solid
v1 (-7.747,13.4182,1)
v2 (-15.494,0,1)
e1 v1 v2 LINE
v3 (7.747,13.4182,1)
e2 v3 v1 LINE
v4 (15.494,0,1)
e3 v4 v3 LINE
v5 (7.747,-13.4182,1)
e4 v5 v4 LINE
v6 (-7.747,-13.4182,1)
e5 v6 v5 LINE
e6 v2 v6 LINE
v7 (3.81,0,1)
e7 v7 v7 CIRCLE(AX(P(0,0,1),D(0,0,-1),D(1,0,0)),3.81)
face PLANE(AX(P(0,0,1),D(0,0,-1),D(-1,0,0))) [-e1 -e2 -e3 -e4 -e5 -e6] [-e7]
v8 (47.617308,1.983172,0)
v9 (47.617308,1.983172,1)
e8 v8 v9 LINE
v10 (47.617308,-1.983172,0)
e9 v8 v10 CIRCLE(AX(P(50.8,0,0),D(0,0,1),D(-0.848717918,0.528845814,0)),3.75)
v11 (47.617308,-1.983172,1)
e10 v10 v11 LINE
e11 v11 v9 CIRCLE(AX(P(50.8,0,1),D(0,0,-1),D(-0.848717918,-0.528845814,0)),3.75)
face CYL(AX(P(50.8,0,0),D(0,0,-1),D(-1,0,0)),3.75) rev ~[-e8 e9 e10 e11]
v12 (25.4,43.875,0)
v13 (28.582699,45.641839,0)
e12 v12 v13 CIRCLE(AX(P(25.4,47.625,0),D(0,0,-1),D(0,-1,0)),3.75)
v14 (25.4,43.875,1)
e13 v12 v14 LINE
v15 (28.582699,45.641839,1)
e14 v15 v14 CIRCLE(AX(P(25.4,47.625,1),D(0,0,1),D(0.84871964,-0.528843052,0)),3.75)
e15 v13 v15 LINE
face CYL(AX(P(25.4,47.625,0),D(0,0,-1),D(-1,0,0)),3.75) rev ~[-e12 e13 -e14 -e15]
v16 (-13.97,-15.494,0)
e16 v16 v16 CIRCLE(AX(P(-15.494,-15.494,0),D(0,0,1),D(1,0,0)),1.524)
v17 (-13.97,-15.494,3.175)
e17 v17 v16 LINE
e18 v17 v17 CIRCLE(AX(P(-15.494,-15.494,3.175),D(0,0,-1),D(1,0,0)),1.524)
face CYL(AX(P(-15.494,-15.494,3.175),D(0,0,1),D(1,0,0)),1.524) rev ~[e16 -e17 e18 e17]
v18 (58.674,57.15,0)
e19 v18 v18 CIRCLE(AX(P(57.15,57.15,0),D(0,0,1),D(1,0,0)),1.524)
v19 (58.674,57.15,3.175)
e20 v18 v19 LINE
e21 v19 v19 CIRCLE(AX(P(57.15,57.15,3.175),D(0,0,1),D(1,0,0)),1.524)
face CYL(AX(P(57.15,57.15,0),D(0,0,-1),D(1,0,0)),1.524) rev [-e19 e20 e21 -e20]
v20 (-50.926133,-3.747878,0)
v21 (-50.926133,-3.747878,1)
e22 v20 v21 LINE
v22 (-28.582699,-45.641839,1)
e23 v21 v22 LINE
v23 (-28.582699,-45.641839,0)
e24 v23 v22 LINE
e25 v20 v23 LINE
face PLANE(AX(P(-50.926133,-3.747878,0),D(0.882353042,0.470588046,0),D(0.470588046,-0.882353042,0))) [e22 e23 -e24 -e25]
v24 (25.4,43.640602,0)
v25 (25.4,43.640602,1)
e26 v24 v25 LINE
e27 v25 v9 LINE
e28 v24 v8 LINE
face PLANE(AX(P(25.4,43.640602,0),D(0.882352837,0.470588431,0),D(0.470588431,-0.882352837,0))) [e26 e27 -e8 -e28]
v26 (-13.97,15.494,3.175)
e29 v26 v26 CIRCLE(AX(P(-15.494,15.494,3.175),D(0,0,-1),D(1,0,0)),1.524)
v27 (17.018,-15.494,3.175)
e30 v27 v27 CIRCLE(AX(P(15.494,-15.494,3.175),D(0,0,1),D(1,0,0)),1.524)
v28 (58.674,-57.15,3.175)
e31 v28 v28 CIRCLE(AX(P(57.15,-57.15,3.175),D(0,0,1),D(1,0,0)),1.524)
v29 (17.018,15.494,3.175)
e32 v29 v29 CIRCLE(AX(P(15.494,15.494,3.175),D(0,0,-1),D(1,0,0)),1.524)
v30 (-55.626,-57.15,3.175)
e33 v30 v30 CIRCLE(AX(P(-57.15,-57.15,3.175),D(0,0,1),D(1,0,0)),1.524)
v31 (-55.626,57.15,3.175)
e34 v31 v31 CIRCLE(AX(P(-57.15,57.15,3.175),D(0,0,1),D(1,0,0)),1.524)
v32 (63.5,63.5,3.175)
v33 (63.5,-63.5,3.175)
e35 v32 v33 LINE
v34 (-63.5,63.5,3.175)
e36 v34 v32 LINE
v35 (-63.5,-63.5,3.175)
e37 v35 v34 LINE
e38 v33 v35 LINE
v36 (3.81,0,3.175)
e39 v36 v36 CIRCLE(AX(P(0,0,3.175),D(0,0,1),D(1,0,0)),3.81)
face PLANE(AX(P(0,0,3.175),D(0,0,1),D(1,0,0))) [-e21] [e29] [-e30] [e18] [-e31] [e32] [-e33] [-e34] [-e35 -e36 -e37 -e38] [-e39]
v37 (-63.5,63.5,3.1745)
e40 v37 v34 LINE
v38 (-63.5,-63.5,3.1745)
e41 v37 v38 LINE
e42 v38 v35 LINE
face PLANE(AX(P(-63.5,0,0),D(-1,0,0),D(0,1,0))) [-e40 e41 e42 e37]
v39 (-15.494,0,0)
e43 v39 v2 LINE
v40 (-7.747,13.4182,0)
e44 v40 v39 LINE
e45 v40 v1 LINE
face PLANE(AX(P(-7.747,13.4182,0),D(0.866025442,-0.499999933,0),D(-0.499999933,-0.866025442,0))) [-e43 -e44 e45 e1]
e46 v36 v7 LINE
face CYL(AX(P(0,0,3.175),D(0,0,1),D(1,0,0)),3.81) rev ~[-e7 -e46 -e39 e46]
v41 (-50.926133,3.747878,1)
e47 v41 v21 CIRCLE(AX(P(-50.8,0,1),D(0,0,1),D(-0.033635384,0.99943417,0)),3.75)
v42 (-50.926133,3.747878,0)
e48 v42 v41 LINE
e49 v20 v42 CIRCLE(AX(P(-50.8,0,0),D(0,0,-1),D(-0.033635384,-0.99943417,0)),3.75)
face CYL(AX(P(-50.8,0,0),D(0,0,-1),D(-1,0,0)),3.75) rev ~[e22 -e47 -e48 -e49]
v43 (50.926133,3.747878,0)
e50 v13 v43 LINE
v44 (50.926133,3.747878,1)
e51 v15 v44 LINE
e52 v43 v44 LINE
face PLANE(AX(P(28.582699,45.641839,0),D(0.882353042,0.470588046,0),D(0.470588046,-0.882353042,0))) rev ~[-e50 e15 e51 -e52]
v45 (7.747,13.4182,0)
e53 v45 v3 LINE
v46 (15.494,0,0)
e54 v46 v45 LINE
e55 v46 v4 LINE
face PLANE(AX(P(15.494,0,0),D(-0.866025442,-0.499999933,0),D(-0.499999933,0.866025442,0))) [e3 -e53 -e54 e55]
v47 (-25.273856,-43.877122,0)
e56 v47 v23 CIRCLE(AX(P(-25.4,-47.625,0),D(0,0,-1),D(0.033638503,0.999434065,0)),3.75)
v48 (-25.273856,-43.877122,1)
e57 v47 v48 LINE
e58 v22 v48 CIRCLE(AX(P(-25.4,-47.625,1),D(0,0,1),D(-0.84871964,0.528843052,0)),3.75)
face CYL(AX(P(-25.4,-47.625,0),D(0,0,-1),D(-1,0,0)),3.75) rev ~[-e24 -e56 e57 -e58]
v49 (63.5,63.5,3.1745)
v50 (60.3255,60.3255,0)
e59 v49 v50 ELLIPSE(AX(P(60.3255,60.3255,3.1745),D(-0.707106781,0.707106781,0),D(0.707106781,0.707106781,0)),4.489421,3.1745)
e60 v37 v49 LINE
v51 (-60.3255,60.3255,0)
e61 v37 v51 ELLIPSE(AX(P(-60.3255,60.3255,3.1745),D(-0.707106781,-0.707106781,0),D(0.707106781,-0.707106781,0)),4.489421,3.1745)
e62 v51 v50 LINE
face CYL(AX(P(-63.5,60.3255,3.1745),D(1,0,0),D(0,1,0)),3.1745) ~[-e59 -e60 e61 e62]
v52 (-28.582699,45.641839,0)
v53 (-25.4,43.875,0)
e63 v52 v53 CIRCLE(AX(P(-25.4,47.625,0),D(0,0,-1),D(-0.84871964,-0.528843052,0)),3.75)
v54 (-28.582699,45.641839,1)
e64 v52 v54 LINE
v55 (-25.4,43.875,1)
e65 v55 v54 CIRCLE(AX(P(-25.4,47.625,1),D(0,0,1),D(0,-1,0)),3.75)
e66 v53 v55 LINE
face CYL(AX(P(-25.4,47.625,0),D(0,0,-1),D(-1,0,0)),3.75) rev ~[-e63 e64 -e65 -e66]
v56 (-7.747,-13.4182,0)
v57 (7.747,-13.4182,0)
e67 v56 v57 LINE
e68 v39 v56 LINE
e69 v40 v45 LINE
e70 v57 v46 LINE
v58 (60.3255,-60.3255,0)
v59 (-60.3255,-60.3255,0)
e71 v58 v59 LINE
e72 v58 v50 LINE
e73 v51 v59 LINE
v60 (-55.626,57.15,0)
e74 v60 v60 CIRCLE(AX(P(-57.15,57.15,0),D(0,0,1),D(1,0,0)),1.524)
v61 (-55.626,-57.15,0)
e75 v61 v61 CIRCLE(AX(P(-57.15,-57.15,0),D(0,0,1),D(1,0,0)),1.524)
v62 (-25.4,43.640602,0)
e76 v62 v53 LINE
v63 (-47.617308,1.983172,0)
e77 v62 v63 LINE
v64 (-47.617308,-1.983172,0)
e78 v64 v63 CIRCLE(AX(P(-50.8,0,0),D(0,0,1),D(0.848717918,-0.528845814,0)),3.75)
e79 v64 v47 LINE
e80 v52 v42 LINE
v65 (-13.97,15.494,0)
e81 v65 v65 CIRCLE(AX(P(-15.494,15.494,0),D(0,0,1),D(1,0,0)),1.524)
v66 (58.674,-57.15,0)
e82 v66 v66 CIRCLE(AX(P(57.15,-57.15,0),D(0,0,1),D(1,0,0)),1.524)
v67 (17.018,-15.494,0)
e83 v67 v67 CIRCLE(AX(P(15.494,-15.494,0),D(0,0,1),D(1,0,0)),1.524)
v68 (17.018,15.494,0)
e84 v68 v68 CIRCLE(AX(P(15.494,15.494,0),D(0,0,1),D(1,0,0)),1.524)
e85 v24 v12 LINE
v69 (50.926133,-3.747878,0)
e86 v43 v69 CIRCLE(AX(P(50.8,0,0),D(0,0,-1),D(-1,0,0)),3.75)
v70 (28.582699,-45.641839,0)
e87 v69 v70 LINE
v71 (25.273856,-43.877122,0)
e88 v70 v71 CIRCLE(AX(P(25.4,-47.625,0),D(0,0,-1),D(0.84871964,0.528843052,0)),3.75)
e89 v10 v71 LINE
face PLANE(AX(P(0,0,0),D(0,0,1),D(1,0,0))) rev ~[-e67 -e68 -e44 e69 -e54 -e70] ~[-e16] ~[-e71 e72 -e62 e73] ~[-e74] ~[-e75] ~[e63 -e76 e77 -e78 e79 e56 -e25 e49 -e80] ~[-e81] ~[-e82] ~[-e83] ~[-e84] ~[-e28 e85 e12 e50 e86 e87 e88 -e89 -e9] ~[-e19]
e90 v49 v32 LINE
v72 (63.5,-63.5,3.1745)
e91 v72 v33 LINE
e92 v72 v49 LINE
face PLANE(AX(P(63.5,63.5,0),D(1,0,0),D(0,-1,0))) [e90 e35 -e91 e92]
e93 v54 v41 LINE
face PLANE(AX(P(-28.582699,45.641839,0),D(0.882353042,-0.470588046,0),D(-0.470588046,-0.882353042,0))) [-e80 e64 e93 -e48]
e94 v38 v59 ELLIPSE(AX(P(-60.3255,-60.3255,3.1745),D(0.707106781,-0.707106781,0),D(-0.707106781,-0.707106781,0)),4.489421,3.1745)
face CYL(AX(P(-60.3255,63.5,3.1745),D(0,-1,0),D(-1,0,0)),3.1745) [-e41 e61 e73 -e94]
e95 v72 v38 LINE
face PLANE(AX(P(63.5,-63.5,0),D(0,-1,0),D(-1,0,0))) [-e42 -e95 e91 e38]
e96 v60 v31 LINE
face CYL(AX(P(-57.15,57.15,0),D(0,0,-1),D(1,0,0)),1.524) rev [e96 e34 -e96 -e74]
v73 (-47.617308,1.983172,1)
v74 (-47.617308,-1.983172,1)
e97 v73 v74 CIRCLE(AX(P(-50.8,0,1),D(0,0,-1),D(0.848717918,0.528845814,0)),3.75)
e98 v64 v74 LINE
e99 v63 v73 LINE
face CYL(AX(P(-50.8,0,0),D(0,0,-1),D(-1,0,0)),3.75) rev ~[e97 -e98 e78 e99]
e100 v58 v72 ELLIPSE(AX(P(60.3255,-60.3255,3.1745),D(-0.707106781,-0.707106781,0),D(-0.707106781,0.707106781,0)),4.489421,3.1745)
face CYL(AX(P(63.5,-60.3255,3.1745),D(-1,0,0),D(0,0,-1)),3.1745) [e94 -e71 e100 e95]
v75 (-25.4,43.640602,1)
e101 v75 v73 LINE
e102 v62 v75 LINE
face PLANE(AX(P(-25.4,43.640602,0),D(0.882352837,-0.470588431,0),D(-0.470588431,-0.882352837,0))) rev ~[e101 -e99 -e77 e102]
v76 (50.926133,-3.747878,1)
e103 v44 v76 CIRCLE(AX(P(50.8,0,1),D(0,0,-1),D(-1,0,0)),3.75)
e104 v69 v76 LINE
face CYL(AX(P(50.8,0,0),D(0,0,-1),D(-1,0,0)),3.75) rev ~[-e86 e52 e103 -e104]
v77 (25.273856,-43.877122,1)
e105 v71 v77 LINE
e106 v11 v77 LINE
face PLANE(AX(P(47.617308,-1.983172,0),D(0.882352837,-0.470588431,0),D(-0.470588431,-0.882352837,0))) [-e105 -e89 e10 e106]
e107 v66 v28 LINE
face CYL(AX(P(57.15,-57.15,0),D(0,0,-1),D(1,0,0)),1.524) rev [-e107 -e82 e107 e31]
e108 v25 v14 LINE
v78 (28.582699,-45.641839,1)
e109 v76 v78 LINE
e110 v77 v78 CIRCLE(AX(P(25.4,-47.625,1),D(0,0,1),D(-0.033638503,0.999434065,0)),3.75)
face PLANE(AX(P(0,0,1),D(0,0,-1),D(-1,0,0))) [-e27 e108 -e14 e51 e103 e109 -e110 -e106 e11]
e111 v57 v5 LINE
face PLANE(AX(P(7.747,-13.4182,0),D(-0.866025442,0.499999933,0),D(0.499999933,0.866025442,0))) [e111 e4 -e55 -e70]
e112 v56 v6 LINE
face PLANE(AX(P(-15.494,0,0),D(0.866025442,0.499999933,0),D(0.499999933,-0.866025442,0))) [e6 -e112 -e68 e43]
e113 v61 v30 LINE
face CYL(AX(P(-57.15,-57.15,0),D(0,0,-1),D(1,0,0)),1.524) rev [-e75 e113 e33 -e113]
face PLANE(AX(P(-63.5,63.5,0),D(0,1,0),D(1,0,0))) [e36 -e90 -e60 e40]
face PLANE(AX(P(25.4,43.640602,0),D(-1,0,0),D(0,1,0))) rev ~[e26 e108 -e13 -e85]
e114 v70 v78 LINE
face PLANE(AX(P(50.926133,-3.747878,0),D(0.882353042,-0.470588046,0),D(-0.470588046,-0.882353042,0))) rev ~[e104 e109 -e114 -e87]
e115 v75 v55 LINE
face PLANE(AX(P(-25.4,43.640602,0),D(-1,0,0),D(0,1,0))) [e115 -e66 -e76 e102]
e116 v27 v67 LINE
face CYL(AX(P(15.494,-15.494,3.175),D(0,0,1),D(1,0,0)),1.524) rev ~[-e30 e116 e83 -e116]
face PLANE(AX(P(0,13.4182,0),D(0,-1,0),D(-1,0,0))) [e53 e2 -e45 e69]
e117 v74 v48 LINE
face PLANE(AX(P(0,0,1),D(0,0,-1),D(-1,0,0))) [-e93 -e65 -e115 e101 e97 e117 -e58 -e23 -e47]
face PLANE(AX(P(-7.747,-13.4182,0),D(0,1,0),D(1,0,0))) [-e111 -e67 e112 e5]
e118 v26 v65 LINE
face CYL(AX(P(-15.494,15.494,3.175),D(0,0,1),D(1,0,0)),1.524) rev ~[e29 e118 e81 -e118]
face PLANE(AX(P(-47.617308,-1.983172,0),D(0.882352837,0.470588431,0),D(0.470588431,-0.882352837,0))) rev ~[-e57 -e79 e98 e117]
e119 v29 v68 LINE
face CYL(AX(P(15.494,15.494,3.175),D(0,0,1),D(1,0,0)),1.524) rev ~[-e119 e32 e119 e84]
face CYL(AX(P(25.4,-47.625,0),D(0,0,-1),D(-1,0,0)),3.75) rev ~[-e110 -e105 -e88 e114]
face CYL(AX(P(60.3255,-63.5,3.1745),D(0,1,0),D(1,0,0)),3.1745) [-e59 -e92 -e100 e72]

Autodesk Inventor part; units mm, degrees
ref_plane "YZ Plane" through (0, 0, 0) normal (1, 0, 0) x (0, 1, 0)
ref_plane "XZ Plane" through (0, 0, 0) normal (0, 1, 0) x (-1, 0, 0)
ref_plane "XY Plane" through (0, 0, 0) normal (0, 0, 1) x (1, 0, 0)
sketch "Sketch1" plane through (0, 0, 0) normal (0, 0, 1) x (1, 0, 0)
  line L0 (-63.5, 63.5) -> (63.5, 63.5)
  line L1 (63.5, 63.5) -> (63.5, -63.5)
  line L2 (63.5, -63.5) -> (-63.5, -63.5)
  line L3 (-63.5, -63.5) -> (-63.5, 63.5)
  circle A0 centre (-57.15, 57.15) radius 1.524
  circle A1 centre (57.15, 57.15) radius 1.524
  line L4 (63.5, 0) -> (-63.5, 0)
  circle A2 centre (-57.15, -57.15) radius 1.524
  circle A3 centre (57.15, -57.15) radius 1.524
  point P0 (0, 0)
  point P1 (0, 63.5)
  dimension "d0" = 127
  dimension "d1" = 127
  dimension "d2" = 127
  dimension "d3" = 3.048
  dimension "d4" = 3.048
  dimension "d5" = 6.35
  dimension "d6" = 6.35
  dimension "d7" = 6.35
  dimension "d8" = 6.35
extrude "Extrusion1" add sketch "Sketch1" along normal blind 3.175
sketch "Sketch2" plane through (0, 0, 3.175) normal (0, 0, 1) x (1, 0, 0)
  circle A0 centre (0, 0) radius 3.81
  circle A1 centre (-15.494, 15.494) radius 1.524
  circle A2 centre (15.494, 15.494) radius 1.524
  circle A3 centre (-15.494, -15.494) radius 1.524
  circle A4 centre (15.494, -15.494) radius 1.524
  line L0 (-15.494, 15.494) -> (15.494, 15.494)
  line L1 (-15.494, -15.494) -> (-15.494, 15.494)
  point P0 (0, 15.494)
  point P1 (-15.494, 0)
  dimension "d11" = 7.62
  dimension "d12" = 3.048
  dimension "d13" = 3.048
  dimension "d14" = 3.048
  dimension "d15" = 3.048
  dimension "d16" = 30.988
  dimension "d21" = 30.988
  dimension "d22" = 30.988
extrude "Extrusion2" cut sketch "Sketch2" against normal blind 25.4
fillet "Fillet1" radius 3.175 4 edges at (0, 63.5, 0) (-63.5, 0, 0) (0, -63.5, 0) (63.5, 0, 0)
sketch "Sketch4" plane through (0, 0, 0) normal (0, 0, -1) x (-1, 0, 0)
  circle A0 centre (0, 0) radius 3.81 projected
  line L0 (0, 0) -> (50.8, 0)
  line L1 (60.325, 60.325) -> (60.325, -60.325) projected
  line L2 (-60.325, 60.325) -> (60.325, 60.325) projected
  line L3 (0, 60.325) -> (60.325, 60.325)
  line L4 (63.5, 63.5) -> (63.5, -63.5) projected
  line L5 (60.325, 60.325) -> (60.325, 47.625)
  line L6 (25.4, 0) -> (25.4, 47.625)
  circle A1 centre (25.4, 47.625) radius 3.75
  circle A2 centre (50.8, 0) radius 3.75
  circle A3 centre (25.4, -47.625) radius 3.75
  line L7 (25.4, 47.625) -> (50.8, 0)
  line L8 (50.8, 0) -> (25.4, -47.625)
  line L9 (27.0544, 48.5074) -> (52.925, 0)
  line L10 (52.925, 0) -> (27.0544, -48.5074)
  line L11 (23.7456, 46.7426) -> (48.675, 0)
  line L12 (48.675, 0) -> (23.7456, -46.7426)
  circle A4 centre (15.494, 15.494) radius 1.524 projected
  line L13 (15.494, 0) -> (7.747, -13.4182)
  line L14 (7.747, -13.4182) -> (-7.747, -13.4182)
  line L15 (-7.747, -13.4182) -> (-15.494, 0)
  line L16 (-15.494, 0) -> (-7.747, 13.4182)
  line L17 (-7.747, 13.4182) -> (7.747, 13.4182)
  line L18 (7.747, 13.4182) -> (15.494, 0)
  line L19 (0, 60.325) -> (0, 13.4182)
  line L20 (0, 0) -> (-50.8, 0)
  line L21 (-25.4, 0) -> (-25.4, 47.625)
  circle A5 centre (-25.4, 47.625) radius 3.75
  circle A6 centre (-50.8, 0) radius 3.75
  circle A7 centre (-25.4, -47.625) radius 3.75
  line L22 (-25.4, 47.625) -> (-50.8, 0)
  line L23 (-50.8, 0) -> (-25.4, -47.625)
  line L24 (-27.0544, 48.5074) -> (-52.925, 0)
  line L25 (-52.925, 0) -> (-27.0544, -48.5074)
  line L26 (-23.7456, 46.7426) -> (-48.675, 0)
  line L27 (-48.675, 0) -> (-23.7456, -46.7426)
  circle A8 centre (-15.494, 15.494) radius 1.524
  point P0 (-25.4, 43.875)
  point P1 (-28.5827, 45.6418)
  point P2 (-50.9261, 3.7479)
  point P3 (-50.9261, -3.7479)
  point P4 (-28.5827, -45.6418)
  point P5 (-25.2739, -43.8771)
  point P6 (-47.6173, -1.9832)
  point P7 (-47.6173, 1.9832)
  point P8 (-25.4, 43.6406)
  point P9 (50.9261, 3.7479)
  point P10 (28.5827, 45.6418)
  point P11 (25.4, 43.875)
  point P12 (25.4, 43.6406)
  point P13 (47.6173, 1.9832)
  point P14 (47.6173, -1.9832)
  point P15 (25.2739, -43.8771)
  point P16 (28.5827, -45.6418)
  point P17 (50.9261, -3.7479)
  dimension "d24" = 50.8
  dimension "d25" = 12.7
  dimension "d26" = 7.5
  dimension "d27" = 7.5
  dimension "d28" = 1.875
  dimension "d29" = 1.875
extrude "Extrusion3" cut sketch "Sketch4" against normal blind 1 contours L0 L13 L14 L15 L20 A0 | A0 L20 L16 L17 L18 L0 | A2 L11 L0 | L0 L12 A2 | L6 A1 L7 A2 L11 | A6 L27 L20 | L20 L26 A6 | L26 A6 L22 A5 L21 | L11 A2 L7 L0 | L0 L8 A2 L12 | A2 L8 A3 L12 | A1 L7 L6 | L6 L7 A1 | L27 A6 L23 L20 | L20 L22 A6 L26 | L27 A7 L23 A6 | A5 L22 L21 | L21 L22 A5 | L7 A2 L9 L10 L8 | L7 A1 L9 A2 | A2 L10 A3 L8 | A3 | L23 A6 L25 L24 L22 | A6 L24 A5 L22 | L23 A7 L25 A6 | A7 | A2 L10 L9 | L24 L25 A6
sketch "Sketch5" plane through (0, 0, 0) normal (0, 0, -1) x (-1, 0, 0)
  line L0 (-7.747, 13.4182) -> (7.747, 13.4182) projected
  line L1 (7.747, 13.4182) -> (-7.747, 13.4182)
  point P0 (0, 0)
properties part number "base 2"
